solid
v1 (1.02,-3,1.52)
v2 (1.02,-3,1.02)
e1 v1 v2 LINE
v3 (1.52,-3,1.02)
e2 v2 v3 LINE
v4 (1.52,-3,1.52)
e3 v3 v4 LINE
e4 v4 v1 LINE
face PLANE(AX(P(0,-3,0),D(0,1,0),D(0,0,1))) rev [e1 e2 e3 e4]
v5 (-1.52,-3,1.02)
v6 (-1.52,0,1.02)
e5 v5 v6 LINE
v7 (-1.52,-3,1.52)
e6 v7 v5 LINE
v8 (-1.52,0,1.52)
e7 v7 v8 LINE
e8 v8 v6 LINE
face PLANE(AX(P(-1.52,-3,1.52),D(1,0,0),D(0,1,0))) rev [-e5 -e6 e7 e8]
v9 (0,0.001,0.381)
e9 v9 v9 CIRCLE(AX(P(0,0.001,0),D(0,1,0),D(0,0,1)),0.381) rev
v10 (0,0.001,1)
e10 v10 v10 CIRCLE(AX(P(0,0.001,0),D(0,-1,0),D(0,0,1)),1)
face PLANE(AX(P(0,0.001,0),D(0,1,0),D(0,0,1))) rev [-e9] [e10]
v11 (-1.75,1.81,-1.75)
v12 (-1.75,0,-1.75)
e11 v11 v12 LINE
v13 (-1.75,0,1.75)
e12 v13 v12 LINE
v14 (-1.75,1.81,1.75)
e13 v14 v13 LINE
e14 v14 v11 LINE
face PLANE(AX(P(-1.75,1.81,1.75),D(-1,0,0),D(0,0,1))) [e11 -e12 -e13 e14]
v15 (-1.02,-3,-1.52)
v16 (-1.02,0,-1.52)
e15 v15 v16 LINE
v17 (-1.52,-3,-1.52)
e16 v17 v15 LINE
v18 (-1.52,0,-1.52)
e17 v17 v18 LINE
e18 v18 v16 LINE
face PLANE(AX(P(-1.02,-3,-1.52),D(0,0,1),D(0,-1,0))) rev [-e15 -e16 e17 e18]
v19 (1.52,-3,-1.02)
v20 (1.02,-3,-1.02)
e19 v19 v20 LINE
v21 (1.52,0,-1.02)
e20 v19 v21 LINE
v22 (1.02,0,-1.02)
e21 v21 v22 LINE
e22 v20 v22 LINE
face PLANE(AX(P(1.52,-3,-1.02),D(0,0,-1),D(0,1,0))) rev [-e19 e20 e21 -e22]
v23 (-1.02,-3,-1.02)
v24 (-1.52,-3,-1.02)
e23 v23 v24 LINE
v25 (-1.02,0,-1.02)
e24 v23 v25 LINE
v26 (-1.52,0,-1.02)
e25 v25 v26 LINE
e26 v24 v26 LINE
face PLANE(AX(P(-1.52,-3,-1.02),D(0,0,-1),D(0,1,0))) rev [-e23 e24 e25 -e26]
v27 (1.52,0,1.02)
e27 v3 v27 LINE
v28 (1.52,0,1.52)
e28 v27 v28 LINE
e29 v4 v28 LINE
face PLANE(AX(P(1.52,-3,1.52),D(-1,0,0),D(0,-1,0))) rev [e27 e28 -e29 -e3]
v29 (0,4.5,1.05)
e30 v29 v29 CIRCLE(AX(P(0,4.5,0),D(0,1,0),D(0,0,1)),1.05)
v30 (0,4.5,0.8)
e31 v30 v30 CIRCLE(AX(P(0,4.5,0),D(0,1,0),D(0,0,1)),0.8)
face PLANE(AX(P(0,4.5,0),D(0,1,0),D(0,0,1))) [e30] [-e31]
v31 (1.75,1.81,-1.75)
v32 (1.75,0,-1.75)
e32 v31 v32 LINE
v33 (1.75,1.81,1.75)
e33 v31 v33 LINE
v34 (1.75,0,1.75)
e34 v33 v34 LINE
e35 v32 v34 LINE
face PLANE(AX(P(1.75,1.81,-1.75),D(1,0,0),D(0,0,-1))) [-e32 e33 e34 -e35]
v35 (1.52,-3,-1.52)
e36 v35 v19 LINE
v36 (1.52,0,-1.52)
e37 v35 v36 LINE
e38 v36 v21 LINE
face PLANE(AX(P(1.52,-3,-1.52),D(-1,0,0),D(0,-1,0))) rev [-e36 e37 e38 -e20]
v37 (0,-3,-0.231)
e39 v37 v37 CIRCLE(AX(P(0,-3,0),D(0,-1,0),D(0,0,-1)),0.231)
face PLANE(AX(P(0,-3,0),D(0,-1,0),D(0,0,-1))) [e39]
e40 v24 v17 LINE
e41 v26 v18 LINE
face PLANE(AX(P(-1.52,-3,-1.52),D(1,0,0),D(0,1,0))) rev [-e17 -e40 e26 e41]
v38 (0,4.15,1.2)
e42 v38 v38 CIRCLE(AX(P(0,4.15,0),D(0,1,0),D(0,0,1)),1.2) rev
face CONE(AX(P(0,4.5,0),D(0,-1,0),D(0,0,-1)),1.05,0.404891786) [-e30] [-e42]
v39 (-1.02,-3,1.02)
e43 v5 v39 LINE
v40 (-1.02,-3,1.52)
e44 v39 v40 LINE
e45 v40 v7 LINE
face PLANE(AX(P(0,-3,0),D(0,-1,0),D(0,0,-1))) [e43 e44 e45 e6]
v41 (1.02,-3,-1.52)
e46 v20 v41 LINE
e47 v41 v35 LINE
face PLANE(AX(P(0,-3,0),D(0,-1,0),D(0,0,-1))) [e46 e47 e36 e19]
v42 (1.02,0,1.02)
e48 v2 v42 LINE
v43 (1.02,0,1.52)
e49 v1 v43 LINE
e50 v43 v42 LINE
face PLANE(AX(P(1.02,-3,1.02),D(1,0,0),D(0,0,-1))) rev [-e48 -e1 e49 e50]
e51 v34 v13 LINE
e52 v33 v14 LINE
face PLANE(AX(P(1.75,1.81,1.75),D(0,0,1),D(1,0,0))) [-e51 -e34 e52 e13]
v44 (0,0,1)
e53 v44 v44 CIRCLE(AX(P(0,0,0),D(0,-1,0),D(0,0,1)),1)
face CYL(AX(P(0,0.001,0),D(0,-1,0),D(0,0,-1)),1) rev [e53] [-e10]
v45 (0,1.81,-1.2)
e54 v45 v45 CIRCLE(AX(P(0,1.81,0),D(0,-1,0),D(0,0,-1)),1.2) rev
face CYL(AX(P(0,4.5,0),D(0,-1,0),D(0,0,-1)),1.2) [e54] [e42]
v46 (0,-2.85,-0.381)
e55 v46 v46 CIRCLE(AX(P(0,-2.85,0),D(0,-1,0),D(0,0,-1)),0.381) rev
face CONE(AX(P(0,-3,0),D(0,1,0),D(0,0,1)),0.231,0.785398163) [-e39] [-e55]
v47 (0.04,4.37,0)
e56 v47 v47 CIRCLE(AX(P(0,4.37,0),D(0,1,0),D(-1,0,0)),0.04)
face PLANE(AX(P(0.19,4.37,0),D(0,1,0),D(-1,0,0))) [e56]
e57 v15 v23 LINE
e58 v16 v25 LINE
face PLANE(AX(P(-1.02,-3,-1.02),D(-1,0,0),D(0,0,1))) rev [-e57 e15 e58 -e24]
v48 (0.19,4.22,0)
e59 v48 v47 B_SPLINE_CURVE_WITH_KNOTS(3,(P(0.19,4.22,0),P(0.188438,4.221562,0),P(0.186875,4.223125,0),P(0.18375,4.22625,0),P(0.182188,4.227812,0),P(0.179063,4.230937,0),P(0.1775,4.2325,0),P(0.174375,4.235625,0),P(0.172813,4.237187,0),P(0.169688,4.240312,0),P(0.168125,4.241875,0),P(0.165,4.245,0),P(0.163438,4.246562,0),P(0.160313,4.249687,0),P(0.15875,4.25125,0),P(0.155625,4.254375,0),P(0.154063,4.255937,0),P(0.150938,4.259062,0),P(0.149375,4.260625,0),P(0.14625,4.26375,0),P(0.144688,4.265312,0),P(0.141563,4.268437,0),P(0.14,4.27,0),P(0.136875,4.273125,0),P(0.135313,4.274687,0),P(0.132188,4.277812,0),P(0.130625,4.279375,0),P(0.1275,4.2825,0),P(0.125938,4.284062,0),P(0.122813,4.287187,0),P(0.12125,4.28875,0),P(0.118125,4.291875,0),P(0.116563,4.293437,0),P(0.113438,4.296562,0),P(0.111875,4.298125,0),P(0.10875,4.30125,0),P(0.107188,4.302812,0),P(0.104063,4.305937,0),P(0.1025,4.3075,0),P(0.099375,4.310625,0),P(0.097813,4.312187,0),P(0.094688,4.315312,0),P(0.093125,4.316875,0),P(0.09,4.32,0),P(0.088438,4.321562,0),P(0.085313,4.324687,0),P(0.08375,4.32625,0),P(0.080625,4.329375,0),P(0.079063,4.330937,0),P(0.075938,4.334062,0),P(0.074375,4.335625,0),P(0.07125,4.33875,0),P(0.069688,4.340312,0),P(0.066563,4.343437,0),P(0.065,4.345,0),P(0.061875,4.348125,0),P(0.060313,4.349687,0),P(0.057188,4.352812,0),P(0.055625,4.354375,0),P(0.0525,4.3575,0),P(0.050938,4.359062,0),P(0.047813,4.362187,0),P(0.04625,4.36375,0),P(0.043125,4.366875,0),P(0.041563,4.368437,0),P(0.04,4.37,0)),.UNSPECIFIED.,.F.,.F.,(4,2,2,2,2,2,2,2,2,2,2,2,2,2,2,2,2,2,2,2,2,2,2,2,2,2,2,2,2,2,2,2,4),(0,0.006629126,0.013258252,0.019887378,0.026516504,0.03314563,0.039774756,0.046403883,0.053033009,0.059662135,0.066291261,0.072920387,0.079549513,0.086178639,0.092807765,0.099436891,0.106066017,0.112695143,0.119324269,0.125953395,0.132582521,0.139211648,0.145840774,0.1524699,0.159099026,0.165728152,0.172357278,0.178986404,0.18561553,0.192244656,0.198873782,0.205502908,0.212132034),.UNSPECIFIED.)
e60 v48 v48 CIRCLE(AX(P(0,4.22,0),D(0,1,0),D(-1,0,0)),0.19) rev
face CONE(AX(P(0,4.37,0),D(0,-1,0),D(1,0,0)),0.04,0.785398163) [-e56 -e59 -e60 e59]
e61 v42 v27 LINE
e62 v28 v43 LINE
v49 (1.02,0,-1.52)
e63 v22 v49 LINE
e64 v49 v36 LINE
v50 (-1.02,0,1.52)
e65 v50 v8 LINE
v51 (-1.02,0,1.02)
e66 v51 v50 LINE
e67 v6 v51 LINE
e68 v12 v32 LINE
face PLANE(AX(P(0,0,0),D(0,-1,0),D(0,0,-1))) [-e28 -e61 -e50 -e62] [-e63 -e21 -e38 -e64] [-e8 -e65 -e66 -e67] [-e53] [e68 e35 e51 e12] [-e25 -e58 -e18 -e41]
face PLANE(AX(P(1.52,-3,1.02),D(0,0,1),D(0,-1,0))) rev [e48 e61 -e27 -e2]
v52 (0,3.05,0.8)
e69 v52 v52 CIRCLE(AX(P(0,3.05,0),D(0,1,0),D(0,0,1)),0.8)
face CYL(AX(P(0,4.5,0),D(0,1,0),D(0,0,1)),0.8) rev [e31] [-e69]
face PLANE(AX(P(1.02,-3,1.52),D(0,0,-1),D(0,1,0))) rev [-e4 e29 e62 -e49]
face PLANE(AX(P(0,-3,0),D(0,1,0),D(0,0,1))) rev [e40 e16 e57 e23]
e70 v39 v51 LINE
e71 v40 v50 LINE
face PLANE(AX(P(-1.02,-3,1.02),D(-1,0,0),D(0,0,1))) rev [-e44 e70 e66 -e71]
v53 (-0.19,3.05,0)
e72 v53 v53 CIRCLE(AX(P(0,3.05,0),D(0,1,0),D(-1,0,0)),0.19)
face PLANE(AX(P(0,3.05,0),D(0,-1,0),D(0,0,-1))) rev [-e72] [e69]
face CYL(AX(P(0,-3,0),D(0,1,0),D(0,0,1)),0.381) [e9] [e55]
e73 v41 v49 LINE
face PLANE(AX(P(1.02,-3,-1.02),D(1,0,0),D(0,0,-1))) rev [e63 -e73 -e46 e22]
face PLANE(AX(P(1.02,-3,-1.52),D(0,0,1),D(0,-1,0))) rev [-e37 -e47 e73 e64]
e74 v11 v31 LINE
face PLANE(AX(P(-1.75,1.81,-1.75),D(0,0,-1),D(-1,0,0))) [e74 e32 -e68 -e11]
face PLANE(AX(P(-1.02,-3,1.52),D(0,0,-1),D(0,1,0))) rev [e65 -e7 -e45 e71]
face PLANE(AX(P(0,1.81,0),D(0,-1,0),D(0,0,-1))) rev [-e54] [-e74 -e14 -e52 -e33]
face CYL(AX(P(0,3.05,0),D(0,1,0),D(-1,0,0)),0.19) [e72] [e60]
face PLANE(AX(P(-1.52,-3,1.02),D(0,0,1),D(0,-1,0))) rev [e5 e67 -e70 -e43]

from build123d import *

# Parameters (mm, degrees)
SKETCH1_W           = 3.5
SKETCH1_H           = 3.5
BOSS_EXTRUDE1_DEPTH = 1.81
SKETCH2_W           = 0.5
SKETCH2_H           = 0.5
BOSS_EXTRUDE2_DEPTH = 3
SKETCH6_R           = 1
CUT_EXTRUDE1_DEPTH  = 0.001
SKETCH7_R           = 1.2
BOSS_EXTRUDE6_DEPTH = 2.69
HOLE1_D             = 1.6
HOLE1_DEPTH         = 1.45
CHAMFER3_SIZE       = 0.15
SKETCH12_R          = 0.381
BOSS_EXTRUDE7_DEPTH = 3.001
CHAMFER1_SIZE       = 0.15
CHAMFER2_SIZE       = 0.35
CHAMFER2_SIZE2      = 0.15


with BuildPart() as part:
    # Sketch1 → Boss-Extrude1 (new body)
    with BuildSketch(Plane.XZ):
        Rectangle(SKETCH1_W, SKETCH1_H)
    extrude(amount=-BOSS_EXTRUDE1_DEPTH)

    # Sketch2 → Boss-Extrude2 (add)
    with BuildSketch(Plane.XZ):
        with Locations((-1.27, -1.27)):
            Rectangle(SKETCH2_W, SKETCH2_H)
        with Locations((1.27, -1.27)):
            Rectangle(SKETCH2_W, SKETCH2_H)
        with Locations((1.27, 1.27)):
            Rectangle(SKETCH2_W, SKETCH2_H)
        with Locations((-1.27, 1.27)):
            Rectangle(SKETCH2_W, SKETCH2_H)
    extrude(amount=BOSS_EXTRUDE2_DEPTH)

    # Sketch6 → Cut-Extrude1 (cut)
    with BuildSketch(Plane.XZ):
        with Locations(Location((0, 0, 0), (0, 0, 90))):
            Circle(SKETCH6_R)
    extrude(amount=-CUT_EXTRUDE1_DEPTH, mode=Mode.SUBTRACT)

    # Sketch7 → Boss-Extrude6 (add)
    with BuildSketch(Plane(origin=(0, 1.81, 0), x_dir=(-1, 0, 0), z_dir=(0, 1, 0))):
        with Locations(Location((0, 0, 0), (0, 0, 270))):
            Circle(SKETCH7_R)
    extrude(amount=BOSS_EXTRUDE6_DEPTH)

    # Hole1
    with Locations(Plane(origin=(0, 4.5, 0), x_dir=(1, 0, 0), z_dir=(0, 1, 0))):
        with Locations((0, 0)):
            Hole(HOLE1_D / 2, depth=HOLE1_DEPTH)

    # Sketch10 → Revolve1 (revolve)
    with BuildSketch(Plane(origin=(0, 0, 0), x_dir=(-1, 0, 0), z_dir=(0, 0, -1)), mode=Mode.PRIVATE) as revolve1_sk:
        Polygon((-0.19, 3.05), (0, 3.05), (0, 4.37), (-0.0405, 4.37), (-0.19, 4.37), (-0.19, 4.220000833), align=None)
    revolve(revolve1_sk.sketch.rotate(Axis((0, 3.05, 0), (0, 1, 0)), 270), axis=Axis((0, 3.05, 0), (0, 1, 0)))

    # Chamfer3
    chamfer3_edges = [part.edges().sort_by_distance(p)[0] for p in [
        (0, 4.37, -0.19),
    ]]
    chamfer(chamfer3_edges, length=CHAMFER3_SIZE)

    # Sketch12 → Boss-Extrude7 (add)
    with BuildSketch(Plane.XZ.offset(-0.001)):
        with Locations(Location((0, 0, 0), (0, 0, 90))):
            Circle(SKETCH12_R)
    extrude(amount=BOSS_EXTRUDE7_DEPTH)

    # Chamfer1
    chamfer1_edges = [part.edges().sort_by_distance(p)[0] for p in [
        (0, -3, -0.381),
    ]]
    chamfer(chamfer1_edges, length=CHAMFER1_SIZE)

    # Chamfer2
    chamfer2_edges = [part.edges().sort_by_distance(p)[0] for p in [
        (0, 4.5, 1.2),
    ]]
    chamfer2_side = [part.faces().sort_by_distance(p)[0] for p in [
        (0, 3.155, 1.2),
    ]]
    chamfer(chamfer2_edges, length=CHAMFER2_SIZE, length2=CHAMFER2_SIZE2, reference=chamfer2_side[0])


solid = part.part
